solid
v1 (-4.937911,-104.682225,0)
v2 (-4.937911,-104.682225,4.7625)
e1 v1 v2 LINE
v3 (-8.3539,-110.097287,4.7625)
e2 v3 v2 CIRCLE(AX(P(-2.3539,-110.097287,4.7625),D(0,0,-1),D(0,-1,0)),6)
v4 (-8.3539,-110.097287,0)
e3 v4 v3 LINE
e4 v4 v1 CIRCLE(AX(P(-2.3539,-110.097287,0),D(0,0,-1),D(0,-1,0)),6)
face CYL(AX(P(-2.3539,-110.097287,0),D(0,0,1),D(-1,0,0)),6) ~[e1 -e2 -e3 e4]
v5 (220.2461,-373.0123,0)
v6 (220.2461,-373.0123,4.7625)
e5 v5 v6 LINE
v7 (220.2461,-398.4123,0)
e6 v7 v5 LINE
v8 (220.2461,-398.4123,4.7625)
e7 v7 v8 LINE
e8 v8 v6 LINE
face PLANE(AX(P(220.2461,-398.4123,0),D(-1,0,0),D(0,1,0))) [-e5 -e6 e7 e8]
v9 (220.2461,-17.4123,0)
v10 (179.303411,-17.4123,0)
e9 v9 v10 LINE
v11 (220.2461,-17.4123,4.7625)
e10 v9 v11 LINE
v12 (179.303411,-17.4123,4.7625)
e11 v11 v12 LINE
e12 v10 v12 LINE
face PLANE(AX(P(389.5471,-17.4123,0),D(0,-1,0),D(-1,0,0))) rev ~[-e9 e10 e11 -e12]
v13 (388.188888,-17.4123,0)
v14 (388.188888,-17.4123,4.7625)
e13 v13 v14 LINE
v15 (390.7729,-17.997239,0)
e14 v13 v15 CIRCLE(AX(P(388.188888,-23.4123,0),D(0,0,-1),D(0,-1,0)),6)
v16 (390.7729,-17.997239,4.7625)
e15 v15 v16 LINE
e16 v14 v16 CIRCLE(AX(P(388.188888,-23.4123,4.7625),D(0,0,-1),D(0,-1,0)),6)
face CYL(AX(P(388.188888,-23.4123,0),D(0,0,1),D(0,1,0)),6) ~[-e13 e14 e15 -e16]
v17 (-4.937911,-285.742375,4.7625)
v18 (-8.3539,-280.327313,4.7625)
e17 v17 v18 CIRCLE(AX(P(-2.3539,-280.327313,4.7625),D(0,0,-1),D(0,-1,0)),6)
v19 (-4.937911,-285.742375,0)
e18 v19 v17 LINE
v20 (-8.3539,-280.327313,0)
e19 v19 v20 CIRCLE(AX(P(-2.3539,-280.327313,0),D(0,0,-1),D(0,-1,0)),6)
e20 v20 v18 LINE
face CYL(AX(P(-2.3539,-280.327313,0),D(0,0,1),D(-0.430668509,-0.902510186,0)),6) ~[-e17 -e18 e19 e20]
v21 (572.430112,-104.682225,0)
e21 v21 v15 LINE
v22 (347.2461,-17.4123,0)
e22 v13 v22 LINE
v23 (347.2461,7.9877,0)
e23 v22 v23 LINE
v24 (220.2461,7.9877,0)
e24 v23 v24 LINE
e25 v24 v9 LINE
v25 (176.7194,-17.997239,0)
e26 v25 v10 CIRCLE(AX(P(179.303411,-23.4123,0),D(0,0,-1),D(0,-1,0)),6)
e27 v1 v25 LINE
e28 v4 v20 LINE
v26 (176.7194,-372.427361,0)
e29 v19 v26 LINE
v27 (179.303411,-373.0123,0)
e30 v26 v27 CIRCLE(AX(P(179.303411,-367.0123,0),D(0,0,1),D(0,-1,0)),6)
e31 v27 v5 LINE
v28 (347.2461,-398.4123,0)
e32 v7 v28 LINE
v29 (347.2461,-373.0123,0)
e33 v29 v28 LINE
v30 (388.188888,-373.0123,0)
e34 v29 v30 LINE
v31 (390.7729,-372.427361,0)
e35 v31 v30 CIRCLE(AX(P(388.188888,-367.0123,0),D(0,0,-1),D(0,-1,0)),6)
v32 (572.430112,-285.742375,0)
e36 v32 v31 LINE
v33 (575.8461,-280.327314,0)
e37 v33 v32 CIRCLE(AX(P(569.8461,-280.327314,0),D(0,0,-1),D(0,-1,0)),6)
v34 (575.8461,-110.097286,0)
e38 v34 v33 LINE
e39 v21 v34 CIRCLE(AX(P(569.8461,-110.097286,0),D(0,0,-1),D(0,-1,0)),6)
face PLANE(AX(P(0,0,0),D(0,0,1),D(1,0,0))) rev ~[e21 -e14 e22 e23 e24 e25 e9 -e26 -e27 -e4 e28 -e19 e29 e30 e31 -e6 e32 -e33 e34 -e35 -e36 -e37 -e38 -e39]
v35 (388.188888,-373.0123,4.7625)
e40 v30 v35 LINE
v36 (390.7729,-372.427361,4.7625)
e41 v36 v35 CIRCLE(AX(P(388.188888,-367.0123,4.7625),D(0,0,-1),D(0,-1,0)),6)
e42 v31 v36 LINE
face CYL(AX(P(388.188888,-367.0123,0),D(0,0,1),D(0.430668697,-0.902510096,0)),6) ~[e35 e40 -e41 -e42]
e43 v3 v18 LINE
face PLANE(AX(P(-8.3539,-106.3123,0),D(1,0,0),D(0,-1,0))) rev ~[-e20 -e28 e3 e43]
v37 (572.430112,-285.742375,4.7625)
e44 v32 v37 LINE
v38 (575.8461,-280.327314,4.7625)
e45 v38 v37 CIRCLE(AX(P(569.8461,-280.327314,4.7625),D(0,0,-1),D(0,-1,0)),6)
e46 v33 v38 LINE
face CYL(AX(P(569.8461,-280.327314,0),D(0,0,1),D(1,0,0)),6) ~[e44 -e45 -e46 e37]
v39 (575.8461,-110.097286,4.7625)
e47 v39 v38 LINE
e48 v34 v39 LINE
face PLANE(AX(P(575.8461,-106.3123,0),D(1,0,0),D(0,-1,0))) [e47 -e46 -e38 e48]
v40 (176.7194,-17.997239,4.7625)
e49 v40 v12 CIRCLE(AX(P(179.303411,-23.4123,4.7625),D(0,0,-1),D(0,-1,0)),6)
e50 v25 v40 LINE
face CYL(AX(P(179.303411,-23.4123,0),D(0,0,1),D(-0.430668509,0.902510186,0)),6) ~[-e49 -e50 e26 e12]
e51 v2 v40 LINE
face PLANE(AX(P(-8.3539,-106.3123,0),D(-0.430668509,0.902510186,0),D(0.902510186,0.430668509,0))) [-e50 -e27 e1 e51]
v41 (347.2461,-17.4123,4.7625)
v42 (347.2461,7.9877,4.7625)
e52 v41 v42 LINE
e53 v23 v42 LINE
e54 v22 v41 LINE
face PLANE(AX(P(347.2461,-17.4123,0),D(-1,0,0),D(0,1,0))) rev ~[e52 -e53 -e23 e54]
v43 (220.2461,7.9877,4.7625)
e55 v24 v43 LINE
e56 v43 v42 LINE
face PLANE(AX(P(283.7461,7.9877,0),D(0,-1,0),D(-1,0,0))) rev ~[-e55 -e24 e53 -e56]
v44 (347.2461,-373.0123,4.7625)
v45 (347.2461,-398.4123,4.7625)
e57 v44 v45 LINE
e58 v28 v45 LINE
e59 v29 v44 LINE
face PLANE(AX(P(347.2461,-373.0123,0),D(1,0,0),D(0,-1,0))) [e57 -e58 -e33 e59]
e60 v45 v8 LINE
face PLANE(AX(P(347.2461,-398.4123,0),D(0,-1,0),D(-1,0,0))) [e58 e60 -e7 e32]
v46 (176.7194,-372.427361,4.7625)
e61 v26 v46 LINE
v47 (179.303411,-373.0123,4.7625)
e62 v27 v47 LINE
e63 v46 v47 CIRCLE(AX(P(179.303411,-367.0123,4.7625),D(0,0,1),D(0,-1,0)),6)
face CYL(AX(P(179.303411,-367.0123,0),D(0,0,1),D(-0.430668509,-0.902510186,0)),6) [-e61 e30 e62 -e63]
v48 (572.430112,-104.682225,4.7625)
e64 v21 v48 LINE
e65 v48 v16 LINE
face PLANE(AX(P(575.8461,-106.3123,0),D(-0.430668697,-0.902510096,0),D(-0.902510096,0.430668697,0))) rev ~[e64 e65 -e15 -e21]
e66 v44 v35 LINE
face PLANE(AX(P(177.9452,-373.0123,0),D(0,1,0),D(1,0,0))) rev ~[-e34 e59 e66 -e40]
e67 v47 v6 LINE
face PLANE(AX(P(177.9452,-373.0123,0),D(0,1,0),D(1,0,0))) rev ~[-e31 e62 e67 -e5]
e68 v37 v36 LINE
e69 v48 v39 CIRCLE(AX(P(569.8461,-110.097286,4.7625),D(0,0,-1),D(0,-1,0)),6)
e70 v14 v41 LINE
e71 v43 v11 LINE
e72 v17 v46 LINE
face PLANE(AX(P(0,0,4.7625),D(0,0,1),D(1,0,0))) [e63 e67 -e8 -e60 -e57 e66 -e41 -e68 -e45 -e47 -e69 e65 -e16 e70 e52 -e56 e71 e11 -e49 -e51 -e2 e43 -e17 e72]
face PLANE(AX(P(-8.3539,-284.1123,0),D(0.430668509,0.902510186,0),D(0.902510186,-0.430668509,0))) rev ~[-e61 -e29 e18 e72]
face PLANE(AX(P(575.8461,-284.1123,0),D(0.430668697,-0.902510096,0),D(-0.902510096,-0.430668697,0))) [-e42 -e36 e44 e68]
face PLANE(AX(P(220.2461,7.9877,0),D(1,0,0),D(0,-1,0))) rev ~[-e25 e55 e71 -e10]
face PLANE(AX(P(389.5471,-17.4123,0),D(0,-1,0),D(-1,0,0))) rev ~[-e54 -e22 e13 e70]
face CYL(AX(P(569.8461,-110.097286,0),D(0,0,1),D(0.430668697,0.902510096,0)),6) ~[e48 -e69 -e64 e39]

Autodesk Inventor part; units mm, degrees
ref_plane "YZ Plane" through (0, 0, 0) normal (1, 0, 0) x (0, 1, 0)
ref_plane "XZ Plane" through (0, 0, 0) normal (0, 1, 0) x (-1, 0, 0)
sketch "Sketch1" plane through (0, 0, 0) normal (0, 0, 1) x (1, 0, 0)
  line L0 (42.4461, -373.0123) -> (525.0461, -373.0123)
  line L1 (575.8461, -322.2123) -> (575.8461, -68.2123) construction
  line L2 (525.0461, -17.4123) -> (42.4461, -17.4123)
  line L3 (-8.3539, -68.2123) -> (-8.3539, -322.2123) construction
  arc A0 (575.8461, -68.2123) -> (525.0461, -17.4123) centre (525.0461, -68.2123) ccw
  arc A1 (525.0461, -373.0123) -> (575.8461, -322.2123) centre (525.0461, -322.2123) ccw
  arc A2 (-8.3539, -322.2123) -> (42.4461, -373.0123) centre (42.4461, -322.2123) ccw
  arc A3 (42.4461, -17.4123) -> (-8.3539, -68.2123) centre (42.4461, -68.2123) ccw
  line L4 (-8.3539, -195.2123) -> (575.8461, -195.2123) construction
  line L5 (-8.3539, -106.3123) -> (177.9452, -17.4123)
  line L6 (-8.3539, -106.3123) -> (198.0693, -106.3123) construction
  line L7 (-8.3539, -284.1123) -> (177.9452, -373.0123)
  line L8 (283.7461, -17.4123) -> (283.7461, -373.0123) construction
  line L9 (575.8461, -106.3123) -> (389.5471, -17.4123)
  line L10 (575.8461, -284.1123) -> (389.5471, -373.0123)
  line L11 (575.8461, -106.3123) -> (575.8461, -284.1123)
  line L12 (-8.3539, -106.3123) -> (-8.3539, -284.1123)
  line L13 (177.9452, -17.4123) -> (389.5471, -17.4123)
  line L14 (389.5471, -373.0123) -> (177.9452, -373.0123)
  point P0 (0, 0)
  point P1 (-8.3539, -373.0123)
  point P2 (575.8461, -17.4123)
  point P3 (575.8461, -373.0123)
  point P4 (-8.3539, -17.4123)
  dimension "d0" = 355.6
  dimension "d1" = 584.2
  dimension "d4" = 50.8
  dimension "d25" = 25.51
  dimension "d26" = 254
  dimension "d27" = 88.9
  dimension "d28" = 575.8461
  dimension "d29" = 195.2123
extrude "Extrusion1" add sketch "Sketch1" along normal blind 4.7625
sketch "Sketch2" plane through (0, 0, 0) normal (0, 0, 1) x (1, 0, 0)
  line L0 (283.7461, -373.0123) -> (347.2461, -373.0123)
  line L1 (347.2461, -373.0123) -> (347.2461, -398.4123)
  line L2 (347.2461, -398.4123) -> (283.7461, -398.4123)
  line L3 (220.2461, -373.0123) -> (347.2461, -373.0123)
  line L4 (347.2461, -373.0123) -> (347.2461, -398.4123)
  line L5 (347.2461, -398.4123) -> (220.2461, -398.4123)
  line L6 (220.2461, -398.4123) -> (220.2461, -373.0123)
  line L7 (220.2461, -373.0123) -> (347.2461, -398.4123) construction
  line L8 (347.2461, -373.0123) -> (220.2461, -398.4123) construction
  line L9 (283.7461, -17.4123) -> (347.2461, -17.4123)
  line L10 (347.2461, -17.4123) -> (347.2461, 7.9877)
  line L11 (347.2461, 7.9877) -> (283.7461, 7.9877)
  line L12 (220.2461, -17.4123) -> (347.2461, -17.4123)
  line L13 (347.2461, -17.4123) -> (347.2461, 7.9877)
  line L14 (347.2461, 7.9877) -> (220.2461, 7.9877)
  line L15 (220.2461, 7.9877) -> (220.2461, -17.4123)
  line L16 (220.2461, -17.4123) -> (347.2461, 7.9877) construction
  line L17 (347.2461, -17.4123) -> (220.2461, 7.9877) construction
extrude "Extrusion2" add sketch "Sketch2" along normal up to surface (4.7625 mm away)
fillet "Fillet1" radius 6 8 edges at (-8.3539, -106.3123, 2.3813) (-8.3539, -284.1123, 2.3813) (177.9452, -373.0123, 2.3813) (389.5471, -373.0123, 2.3813) (575.8461, -284.1123, 2.3813) (575.8461, -106.3123, 2.3813) (389.5471, -17.4123, 2.3813) (177.9452, -17.4123, 2.3813)
ref_plane "Work Plane1" through (220.2461, -195.2123, 0) normal (0, -1, 0) x (1, 0, 0)
ref_plane "Work Plane2" through (283.7461, -280.3273, 0) normal (1, 0, 0) x (0, 0, -1)
properties part number "1211_Racetrack Board_V1" material "GFRP"
